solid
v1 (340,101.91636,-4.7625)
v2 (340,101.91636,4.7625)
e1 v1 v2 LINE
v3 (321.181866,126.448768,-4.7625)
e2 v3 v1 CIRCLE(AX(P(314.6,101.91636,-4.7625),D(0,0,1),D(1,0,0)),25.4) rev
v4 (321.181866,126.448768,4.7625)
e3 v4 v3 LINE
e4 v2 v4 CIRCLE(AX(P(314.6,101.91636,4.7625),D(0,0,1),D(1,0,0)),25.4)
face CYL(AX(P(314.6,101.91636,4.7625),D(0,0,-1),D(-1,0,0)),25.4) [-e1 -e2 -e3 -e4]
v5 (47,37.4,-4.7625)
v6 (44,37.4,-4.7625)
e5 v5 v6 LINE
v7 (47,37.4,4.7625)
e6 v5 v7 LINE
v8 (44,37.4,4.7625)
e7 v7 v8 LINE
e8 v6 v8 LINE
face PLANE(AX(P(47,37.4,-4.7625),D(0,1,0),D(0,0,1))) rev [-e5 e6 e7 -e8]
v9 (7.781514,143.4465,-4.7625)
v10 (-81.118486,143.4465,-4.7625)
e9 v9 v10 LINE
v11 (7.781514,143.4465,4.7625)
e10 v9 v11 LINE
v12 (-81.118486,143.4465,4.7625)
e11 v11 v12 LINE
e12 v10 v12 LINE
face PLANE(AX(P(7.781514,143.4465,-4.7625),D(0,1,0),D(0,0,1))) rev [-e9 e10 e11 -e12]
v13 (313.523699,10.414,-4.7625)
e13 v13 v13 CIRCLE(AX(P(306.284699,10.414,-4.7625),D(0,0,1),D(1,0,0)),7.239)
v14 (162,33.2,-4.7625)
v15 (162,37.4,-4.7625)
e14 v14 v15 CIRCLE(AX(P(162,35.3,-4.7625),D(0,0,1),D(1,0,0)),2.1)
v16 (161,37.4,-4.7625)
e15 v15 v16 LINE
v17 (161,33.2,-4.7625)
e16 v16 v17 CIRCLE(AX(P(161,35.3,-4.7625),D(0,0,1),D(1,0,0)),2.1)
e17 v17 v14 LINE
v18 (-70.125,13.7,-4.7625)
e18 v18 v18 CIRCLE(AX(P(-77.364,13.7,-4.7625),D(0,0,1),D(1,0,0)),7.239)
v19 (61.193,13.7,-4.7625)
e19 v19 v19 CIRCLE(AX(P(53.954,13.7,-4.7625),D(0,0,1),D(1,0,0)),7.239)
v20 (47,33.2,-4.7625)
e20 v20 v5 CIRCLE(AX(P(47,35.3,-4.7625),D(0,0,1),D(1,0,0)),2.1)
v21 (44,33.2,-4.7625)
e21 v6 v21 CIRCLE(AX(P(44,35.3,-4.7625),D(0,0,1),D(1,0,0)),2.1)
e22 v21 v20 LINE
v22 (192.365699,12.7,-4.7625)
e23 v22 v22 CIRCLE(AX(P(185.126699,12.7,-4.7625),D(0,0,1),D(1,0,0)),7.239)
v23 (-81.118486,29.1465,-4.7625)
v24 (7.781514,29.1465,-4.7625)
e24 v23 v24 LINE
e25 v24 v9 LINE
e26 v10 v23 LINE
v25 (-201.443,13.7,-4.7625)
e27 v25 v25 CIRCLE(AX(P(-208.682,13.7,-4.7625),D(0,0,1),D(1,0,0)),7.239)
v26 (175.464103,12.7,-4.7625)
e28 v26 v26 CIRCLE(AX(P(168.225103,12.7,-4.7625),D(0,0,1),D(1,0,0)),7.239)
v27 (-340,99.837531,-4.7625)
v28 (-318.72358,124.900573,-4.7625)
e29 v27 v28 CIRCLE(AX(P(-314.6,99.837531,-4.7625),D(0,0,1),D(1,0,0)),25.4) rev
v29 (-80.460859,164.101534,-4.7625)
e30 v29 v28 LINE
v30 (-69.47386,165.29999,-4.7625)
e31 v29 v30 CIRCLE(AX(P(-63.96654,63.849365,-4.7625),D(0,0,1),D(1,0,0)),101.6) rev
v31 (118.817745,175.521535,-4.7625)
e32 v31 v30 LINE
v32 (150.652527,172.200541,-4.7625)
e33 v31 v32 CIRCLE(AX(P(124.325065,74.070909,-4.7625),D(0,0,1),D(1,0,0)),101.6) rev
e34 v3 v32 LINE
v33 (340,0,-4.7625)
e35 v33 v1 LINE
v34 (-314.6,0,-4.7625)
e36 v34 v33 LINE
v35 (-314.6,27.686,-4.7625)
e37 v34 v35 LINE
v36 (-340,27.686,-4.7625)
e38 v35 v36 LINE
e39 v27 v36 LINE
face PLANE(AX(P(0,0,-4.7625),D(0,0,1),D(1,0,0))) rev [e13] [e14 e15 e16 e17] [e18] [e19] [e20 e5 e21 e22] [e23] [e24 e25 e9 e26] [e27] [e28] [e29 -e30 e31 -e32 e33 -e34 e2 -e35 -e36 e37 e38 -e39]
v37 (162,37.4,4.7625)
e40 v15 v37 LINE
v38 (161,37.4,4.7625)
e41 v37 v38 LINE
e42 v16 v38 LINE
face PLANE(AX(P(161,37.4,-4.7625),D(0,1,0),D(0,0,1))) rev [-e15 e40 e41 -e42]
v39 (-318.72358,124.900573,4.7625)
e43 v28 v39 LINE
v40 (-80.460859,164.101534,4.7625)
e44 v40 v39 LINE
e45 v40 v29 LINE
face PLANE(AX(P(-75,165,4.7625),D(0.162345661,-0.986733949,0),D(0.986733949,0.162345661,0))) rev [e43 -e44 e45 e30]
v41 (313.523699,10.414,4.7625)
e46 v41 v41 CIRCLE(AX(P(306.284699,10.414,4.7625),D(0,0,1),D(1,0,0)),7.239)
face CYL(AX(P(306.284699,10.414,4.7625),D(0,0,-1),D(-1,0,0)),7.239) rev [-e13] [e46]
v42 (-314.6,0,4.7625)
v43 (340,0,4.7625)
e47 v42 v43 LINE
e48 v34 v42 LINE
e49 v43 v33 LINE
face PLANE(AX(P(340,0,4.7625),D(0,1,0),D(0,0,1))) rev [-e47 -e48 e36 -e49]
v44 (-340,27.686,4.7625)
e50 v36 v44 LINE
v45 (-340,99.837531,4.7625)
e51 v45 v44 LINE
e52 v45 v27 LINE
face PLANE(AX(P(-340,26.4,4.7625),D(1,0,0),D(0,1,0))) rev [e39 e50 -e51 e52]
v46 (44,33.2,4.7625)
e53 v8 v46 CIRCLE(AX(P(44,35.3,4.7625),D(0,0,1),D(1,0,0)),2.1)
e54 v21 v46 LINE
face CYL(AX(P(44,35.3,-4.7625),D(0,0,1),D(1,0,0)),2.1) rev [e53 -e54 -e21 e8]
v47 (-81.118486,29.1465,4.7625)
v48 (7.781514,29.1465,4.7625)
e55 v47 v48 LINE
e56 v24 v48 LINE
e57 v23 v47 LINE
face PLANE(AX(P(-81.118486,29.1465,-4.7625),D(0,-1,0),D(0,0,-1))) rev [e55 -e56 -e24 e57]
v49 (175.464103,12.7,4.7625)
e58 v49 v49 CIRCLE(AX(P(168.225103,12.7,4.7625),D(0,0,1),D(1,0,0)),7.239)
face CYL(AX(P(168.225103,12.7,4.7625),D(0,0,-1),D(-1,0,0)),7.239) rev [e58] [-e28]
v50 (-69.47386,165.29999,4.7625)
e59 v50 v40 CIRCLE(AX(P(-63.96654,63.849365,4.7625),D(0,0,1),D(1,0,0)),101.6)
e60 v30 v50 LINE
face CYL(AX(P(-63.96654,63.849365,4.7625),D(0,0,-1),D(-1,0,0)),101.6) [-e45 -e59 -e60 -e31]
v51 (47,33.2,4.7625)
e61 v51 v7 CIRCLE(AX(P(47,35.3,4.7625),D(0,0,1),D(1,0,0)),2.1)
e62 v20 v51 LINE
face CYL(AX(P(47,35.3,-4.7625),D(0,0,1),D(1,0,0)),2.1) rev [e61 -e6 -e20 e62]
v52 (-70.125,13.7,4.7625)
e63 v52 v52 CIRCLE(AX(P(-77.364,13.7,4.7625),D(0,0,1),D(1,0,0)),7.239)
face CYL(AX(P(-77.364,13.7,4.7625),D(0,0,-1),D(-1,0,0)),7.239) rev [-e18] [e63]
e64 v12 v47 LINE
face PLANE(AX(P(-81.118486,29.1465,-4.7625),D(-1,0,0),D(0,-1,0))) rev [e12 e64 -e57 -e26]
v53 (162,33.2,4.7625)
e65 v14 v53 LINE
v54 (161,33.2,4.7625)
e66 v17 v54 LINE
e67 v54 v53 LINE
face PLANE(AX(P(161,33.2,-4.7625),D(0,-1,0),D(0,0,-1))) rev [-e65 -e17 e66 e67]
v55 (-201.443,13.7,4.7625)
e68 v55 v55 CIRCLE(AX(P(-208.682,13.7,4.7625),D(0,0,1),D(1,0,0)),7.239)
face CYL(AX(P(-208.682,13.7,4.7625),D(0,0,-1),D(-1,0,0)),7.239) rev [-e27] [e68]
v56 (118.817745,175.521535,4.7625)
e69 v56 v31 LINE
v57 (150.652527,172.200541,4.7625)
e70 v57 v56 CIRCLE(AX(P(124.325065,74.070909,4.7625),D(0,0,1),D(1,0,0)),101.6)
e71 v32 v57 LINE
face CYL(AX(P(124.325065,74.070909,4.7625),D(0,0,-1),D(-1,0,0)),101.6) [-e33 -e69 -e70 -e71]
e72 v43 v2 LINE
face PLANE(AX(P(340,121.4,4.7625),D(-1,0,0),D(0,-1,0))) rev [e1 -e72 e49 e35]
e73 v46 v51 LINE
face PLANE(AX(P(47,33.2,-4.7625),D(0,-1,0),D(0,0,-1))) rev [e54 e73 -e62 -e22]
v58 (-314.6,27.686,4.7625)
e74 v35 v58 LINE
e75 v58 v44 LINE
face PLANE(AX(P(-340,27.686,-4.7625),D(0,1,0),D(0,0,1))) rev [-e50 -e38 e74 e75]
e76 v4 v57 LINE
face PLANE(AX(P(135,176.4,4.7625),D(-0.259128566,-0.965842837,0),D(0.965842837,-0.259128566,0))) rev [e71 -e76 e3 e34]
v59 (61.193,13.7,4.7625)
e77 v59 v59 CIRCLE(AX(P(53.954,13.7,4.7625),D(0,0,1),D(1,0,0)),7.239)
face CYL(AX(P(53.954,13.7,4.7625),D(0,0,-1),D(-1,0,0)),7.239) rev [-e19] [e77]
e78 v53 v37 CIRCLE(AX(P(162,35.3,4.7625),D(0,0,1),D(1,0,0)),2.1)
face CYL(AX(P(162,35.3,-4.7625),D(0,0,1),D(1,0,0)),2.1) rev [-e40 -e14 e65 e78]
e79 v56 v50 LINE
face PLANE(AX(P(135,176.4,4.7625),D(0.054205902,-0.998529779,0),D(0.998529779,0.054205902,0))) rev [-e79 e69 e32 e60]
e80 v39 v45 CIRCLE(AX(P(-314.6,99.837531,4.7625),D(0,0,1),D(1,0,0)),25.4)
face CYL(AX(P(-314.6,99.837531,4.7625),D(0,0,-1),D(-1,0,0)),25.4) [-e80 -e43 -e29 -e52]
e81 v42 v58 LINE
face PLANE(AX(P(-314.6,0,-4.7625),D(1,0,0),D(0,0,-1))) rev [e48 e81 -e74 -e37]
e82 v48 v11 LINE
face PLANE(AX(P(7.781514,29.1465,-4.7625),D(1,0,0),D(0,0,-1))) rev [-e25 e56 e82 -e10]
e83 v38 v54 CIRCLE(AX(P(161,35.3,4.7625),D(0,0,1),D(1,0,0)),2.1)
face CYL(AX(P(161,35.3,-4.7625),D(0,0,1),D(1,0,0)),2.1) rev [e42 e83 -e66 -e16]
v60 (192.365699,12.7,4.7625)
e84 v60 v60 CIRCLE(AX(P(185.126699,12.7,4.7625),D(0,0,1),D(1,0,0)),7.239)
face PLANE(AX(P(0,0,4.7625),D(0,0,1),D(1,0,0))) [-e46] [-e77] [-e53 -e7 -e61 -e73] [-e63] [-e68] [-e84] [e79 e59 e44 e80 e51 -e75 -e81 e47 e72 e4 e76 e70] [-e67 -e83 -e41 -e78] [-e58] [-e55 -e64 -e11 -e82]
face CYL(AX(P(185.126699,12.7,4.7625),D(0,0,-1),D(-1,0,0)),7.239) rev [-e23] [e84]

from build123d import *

# Parameters (mm, degrees)
SKETCH2_R           = 7.239
BOSS_EXTRUDE1_DEPTH = 4.7625
FILLET1_R           = 25.4
FILLET2_R           = 101.6
SKETCH3_W           = 25.4
SKETCH3_H           = 27.686
CUT_EXTRUDE1_DEPTH  = 10.525
SKETCH5_W           = 88.9
SKETCH5_H           = 114.3
CUT_EXTRUDE2_DEPTH  = 10.525
CUT_EXTRUDE3_DEPTH  = 10.525


with BuildPart() as part:
    # Sketch2 → Boss-Extrude1 (new body, symmetric)
    with BuildSketch(Plane.XY):
        Polygon((-340, 26.400000032), (-340, 121.400000032), (-75, 165), (135, 176.400000032), (340, 121.400000032), (340, 26.400000032), (340, 0), (-340, 0), align=None)
        with Locations((-208.682, 13.700000032)):
            Circle(SKETCH2_R, mode=Mode.SUBTRACT)
        with Locations((-77.364, 13.700000032)):
            Circle(SKETCH2_R, mode=Mode.SUBTRACT)
        with Locations((53.954, 13.700000032)):
            Circle(SKETCH2_R, mode=Mode.SUBTRACT)
        with Locations((185.126699107, 12.7)):
            Circle(SKETCH2_R, mode=Mode.SUBTRACT)
        with Locations((306.284699107, 10.414)):
            Circle(SKETCH2_R, mode=Mode.SUBTRACT)
        with Locations((168.225103232, 12.7)):
            Circle(SKETCH2_R, mode=Mode.SUBTRACT)
    extrude(amount=BOSS_EXTRUDE1_DEPTH, both=True)

    # Fillet1
    fillet1_edges = [part.edges().sort_by_distance(p)[0] for p in [
        (-340, 121.400000032, 0),
        (340, 121.400000032, 0),
    ]]
    fillet(fillet1_edges, radius=FILLET1_R)

    # Fillet2
    fillet2_edges = [part.edges().sort_by_distance(p)[0] for p in [
        (-75, 165, 0),
        (135, 176.400000032, 0),
    ]]
    fillet(fillet2_edges, radius=FILLET2_R)

    # Sketch3 → Cut-Extrude1 (cut, through all)
    with BuildSketch(Plane.XY.offset(4.7625)):
        with Locations((-327.3, 13.843)):
            Rectangle(SKETCH3_W, SKETCH3_H)
    extrude(amount=-CUT_EXTRUDE1_DEPTH, mode=Mode.SUBTRACT)

    # Sketch5 → Cut-Extrude2 (cut, through all)
    with BuildSketch(Plane.XY.offset(4.7625)):
        with Locations((-36.66848567, 86.296499999)):
            Rectangle(SKETCH5_W, SKETCH5_H)
    extrude(amount=-CUT_EXTRUDE2_DEPTH, mode=Mode.SUBTRACT)

    # Sketch8 → Cut-Extrude3 (cut, through all)
    with BuildSketch(Plane.XY.offset(4.7625)):
        with BuildLine():
            Line((161, 37.4), (162, 37.4))
            ThreePointArc((162, 37.4), (164.1, 35.3), (162, 33.2))
            Line((162, 33.2), (161, 33.2))
            ThreePointArc((161, 33.2), (158.9, 35.3), (161, 37.4))
        make_face()
        with BuildLine():
            Line((47, 33.2), (44, 33.2))
            ThreePointArc((44, 33.2), (41.9, 35.3), (44, 37.4))
            Line((44, 37.4), (47, 37.4))
            ThreePointArc((47, 37.4), (49.1, 35.3), (47, 33.2))
        make_face()
    extrude(amount=-CUT_EXTRUDE3_DEPTH, mode=Mode.SUBTRACT)


solid = part.part
